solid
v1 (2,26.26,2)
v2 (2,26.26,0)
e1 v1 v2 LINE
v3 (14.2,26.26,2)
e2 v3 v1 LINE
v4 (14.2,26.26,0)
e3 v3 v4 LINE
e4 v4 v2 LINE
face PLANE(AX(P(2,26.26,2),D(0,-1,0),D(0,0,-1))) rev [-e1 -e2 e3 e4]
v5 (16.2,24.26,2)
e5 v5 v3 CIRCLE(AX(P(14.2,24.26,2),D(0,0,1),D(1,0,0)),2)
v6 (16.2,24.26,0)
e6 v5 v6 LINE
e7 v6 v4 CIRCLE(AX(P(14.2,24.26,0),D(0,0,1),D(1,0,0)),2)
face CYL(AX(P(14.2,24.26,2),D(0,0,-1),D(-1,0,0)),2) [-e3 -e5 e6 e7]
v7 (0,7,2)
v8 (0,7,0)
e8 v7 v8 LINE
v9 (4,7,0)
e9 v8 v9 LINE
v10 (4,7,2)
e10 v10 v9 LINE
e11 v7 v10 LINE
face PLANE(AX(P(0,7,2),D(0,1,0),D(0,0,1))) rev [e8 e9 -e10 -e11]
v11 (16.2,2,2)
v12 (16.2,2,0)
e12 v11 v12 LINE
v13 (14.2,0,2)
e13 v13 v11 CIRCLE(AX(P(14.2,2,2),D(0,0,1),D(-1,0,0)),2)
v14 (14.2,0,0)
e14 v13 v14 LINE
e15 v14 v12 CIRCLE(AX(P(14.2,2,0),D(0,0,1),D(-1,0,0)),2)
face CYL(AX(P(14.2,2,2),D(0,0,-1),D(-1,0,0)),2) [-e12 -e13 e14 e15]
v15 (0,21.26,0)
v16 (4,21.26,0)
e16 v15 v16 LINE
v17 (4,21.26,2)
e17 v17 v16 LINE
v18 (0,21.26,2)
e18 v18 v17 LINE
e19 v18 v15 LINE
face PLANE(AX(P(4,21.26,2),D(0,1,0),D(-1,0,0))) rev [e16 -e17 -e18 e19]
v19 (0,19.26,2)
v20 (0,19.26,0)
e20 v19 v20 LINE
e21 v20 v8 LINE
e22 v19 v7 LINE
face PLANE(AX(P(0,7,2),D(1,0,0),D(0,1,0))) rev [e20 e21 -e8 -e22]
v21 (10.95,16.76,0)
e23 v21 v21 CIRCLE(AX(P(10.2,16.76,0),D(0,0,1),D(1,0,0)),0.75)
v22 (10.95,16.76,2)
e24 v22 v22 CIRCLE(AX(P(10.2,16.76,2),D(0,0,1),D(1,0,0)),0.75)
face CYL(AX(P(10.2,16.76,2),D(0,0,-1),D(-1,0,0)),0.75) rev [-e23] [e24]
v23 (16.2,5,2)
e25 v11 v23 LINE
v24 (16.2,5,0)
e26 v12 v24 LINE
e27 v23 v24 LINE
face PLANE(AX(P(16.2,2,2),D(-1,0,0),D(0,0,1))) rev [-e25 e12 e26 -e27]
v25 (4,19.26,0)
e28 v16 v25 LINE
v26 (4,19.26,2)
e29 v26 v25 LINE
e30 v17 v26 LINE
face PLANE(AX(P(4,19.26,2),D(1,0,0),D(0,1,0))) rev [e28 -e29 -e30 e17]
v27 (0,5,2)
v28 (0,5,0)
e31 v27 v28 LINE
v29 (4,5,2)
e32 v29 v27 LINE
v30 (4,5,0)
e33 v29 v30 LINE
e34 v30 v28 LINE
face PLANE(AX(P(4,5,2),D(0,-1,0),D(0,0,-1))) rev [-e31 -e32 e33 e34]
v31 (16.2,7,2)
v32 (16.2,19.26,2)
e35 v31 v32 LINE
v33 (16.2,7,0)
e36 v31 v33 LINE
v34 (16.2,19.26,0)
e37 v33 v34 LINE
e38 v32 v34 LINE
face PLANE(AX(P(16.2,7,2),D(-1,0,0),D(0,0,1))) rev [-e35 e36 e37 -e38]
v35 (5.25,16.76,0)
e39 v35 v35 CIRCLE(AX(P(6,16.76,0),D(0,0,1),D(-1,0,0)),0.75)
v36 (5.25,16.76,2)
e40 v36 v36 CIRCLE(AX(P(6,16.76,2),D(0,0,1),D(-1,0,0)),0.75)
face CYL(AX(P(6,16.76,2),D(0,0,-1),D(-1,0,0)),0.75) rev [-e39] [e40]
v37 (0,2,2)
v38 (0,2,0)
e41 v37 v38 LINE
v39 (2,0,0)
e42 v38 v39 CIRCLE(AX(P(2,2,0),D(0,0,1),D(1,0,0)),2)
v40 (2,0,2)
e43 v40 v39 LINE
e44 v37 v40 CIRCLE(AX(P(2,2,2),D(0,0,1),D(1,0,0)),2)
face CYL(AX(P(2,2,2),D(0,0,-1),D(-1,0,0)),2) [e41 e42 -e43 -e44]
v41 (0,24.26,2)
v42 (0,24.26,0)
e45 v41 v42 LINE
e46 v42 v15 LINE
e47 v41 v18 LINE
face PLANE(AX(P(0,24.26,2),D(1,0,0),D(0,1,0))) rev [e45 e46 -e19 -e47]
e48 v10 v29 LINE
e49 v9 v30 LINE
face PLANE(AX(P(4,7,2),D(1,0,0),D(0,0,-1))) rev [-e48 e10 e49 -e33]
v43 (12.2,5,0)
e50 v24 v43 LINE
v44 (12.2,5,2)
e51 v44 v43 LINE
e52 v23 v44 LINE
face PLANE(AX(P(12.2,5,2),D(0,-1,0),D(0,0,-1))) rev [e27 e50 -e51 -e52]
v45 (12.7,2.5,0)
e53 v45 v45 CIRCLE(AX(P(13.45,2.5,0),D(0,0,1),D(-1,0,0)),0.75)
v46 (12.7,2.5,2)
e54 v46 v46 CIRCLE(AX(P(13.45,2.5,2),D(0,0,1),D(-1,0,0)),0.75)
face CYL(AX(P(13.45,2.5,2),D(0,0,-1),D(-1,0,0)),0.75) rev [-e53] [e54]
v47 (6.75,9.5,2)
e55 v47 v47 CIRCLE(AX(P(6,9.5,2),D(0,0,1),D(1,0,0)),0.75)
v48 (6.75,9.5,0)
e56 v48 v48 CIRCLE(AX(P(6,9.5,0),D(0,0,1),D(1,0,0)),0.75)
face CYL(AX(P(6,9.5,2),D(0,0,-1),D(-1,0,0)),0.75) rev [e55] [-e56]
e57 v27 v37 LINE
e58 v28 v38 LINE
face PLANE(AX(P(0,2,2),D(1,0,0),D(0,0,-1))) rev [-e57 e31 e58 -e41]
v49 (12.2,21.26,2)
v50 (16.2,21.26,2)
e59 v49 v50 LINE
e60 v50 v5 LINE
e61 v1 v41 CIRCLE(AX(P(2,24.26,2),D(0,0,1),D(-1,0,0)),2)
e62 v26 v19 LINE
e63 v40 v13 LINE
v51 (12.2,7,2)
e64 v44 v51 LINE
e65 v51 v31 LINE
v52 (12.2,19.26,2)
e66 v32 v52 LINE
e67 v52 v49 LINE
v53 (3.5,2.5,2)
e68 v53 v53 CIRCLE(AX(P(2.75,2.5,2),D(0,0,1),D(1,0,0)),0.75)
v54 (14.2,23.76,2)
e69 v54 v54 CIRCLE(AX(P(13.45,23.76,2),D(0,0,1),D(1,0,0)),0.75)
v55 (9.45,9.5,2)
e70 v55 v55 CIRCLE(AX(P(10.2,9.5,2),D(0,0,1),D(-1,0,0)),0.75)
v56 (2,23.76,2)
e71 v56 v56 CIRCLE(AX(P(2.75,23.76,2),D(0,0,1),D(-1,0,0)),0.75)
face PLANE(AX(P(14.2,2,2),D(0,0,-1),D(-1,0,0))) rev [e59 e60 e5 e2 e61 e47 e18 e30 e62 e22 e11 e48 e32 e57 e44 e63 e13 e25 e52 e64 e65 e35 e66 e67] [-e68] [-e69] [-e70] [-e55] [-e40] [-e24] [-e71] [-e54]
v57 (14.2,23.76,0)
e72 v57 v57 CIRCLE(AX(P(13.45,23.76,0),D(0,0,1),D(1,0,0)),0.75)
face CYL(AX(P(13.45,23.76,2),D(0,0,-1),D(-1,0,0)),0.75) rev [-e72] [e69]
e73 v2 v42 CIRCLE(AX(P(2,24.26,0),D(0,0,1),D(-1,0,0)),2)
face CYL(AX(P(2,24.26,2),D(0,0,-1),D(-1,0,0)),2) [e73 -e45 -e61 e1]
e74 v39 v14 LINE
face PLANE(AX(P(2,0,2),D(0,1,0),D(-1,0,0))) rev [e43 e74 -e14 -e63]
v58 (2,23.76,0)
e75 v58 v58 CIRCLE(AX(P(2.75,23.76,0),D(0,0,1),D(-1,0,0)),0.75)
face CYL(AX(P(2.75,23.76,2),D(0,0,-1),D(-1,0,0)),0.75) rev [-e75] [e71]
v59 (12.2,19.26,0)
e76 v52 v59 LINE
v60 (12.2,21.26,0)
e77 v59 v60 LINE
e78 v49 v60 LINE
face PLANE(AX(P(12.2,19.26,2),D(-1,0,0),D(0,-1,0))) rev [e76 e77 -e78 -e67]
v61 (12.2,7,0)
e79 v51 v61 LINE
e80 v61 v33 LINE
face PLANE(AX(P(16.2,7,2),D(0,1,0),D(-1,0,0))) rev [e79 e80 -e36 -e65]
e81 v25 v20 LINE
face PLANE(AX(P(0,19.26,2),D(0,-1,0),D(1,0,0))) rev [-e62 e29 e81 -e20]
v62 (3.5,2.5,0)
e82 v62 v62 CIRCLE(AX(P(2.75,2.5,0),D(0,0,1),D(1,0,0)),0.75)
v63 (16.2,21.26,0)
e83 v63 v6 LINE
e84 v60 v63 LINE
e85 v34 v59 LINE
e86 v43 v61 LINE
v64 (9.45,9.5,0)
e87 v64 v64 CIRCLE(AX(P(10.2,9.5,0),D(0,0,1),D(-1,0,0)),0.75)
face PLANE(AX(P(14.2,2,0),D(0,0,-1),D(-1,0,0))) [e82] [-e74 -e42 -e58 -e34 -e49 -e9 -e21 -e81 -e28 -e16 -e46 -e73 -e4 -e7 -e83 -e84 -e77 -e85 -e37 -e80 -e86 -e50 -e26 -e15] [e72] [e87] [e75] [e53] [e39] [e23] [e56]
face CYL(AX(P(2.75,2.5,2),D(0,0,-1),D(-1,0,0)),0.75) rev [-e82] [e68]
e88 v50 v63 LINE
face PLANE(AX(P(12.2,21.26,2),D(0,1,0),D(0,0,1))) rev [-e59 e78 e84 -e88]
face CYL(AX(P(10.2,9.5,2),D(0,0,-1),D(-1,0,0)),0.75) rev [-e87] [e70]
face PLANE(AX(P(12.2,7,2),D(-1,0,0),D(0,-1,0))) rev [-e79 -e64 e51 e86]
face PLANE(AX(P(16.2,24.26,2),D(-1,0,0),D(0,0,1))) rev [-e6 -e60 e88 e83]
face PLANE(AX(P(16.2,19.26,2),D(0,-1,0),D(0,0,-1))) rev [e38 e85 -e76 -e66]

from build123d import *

# Parameters (mm, degrees)
SKETCH2_R           = 0.75
BOSS_EXTRUDE1_DEPTH = 2


with BuildPart() as part:
    # Sketch2 → Boss-Extrude1 (new body)
    with BuildSketch(Plane.XY):
        with BuildLine():
            Line((0, 7), (0, 19.26))
            Line((0, 19.26), (4, 19.26))
            Line((4, 19.26), (4, 21.26))
            Line((4, 21.26), (0, 21.26))
            Line((0, 21.26), (0, 24.26))
            ThreePointArc((0, 24.26), (0.585786438, 25.674213562), (2, 26.26))
            Line((2, 26.26), (14.2, 26.26))
            ThreePointArc((14.2, 26.26), (15.614213562, 25.674213562), (16.2, 24.26))
            Line((16.2, 24.26), (16.2, 21.26))
            Line((16.2, 21.26), (12.2, 21.26))
            Line((12.2, 21.26), (12.2, 19.26))
            Line((12.2, 19.26), (16.2, 19.26))
            Line((16.2, 19.26), (16.2, 7))
            Line((16.2, 7), (12.2, 7))
            Line((12.2, 7), (12.2, 5))
            Line((12.2, 5), (16.2, 5))
            Line((16.2, 5), (16.2, 2))
            ThreePointArc((16.2, 2), (15.614213562, 0.585786438), (14.2, 0))
            Line((14.2, 0), (2, 0))
            ThreePointArc((2, 0), (0.585786438, 0.585786438), (0, 2))
            Line((0, 2), (0, 5))
            Line((0, 5), (4, 5))
            Line((4, 5), (4, 7))
            Line((4, 7), (0, 7))
        make_face()
        with Locations((13.45, 2.5)):
            Circle(SKETCH2_R, mode=Mode.SUBTRACT)
        with Locations((10.2, 9.5)):
            Circle(SKETCH2_R, mode=Mode.SUBTRACT)
        with Locations((2.75, 23.76)):
            Circle(SKETCH2_R, mode=Mode.SUBTRACT)
        with Locations((6, 16.76)):
            Circle(SKETCH2_R, mode=Mode.SUBTRACT)
        with Locations((10.2, 16.76)):
            Circle(SKETCH2_R, mode=Mode.SUBTRACT)
        with Locations((13.45, 23.76)):
            Circle(SKETCH2_R, mode=Mode.SUBTRACT)
        with Locations((6, 9.5)):
            Circle(SKETCH2_R, mode=Mode.SUBTRACT)
        with Locations((2.75, 2.5)):
            Circle(SKETCH2_R, mode=Mode.SUBTRACT)
    extrude(amount=BOSS_EXTRUDE1_DEPTH)


solid = part.part
